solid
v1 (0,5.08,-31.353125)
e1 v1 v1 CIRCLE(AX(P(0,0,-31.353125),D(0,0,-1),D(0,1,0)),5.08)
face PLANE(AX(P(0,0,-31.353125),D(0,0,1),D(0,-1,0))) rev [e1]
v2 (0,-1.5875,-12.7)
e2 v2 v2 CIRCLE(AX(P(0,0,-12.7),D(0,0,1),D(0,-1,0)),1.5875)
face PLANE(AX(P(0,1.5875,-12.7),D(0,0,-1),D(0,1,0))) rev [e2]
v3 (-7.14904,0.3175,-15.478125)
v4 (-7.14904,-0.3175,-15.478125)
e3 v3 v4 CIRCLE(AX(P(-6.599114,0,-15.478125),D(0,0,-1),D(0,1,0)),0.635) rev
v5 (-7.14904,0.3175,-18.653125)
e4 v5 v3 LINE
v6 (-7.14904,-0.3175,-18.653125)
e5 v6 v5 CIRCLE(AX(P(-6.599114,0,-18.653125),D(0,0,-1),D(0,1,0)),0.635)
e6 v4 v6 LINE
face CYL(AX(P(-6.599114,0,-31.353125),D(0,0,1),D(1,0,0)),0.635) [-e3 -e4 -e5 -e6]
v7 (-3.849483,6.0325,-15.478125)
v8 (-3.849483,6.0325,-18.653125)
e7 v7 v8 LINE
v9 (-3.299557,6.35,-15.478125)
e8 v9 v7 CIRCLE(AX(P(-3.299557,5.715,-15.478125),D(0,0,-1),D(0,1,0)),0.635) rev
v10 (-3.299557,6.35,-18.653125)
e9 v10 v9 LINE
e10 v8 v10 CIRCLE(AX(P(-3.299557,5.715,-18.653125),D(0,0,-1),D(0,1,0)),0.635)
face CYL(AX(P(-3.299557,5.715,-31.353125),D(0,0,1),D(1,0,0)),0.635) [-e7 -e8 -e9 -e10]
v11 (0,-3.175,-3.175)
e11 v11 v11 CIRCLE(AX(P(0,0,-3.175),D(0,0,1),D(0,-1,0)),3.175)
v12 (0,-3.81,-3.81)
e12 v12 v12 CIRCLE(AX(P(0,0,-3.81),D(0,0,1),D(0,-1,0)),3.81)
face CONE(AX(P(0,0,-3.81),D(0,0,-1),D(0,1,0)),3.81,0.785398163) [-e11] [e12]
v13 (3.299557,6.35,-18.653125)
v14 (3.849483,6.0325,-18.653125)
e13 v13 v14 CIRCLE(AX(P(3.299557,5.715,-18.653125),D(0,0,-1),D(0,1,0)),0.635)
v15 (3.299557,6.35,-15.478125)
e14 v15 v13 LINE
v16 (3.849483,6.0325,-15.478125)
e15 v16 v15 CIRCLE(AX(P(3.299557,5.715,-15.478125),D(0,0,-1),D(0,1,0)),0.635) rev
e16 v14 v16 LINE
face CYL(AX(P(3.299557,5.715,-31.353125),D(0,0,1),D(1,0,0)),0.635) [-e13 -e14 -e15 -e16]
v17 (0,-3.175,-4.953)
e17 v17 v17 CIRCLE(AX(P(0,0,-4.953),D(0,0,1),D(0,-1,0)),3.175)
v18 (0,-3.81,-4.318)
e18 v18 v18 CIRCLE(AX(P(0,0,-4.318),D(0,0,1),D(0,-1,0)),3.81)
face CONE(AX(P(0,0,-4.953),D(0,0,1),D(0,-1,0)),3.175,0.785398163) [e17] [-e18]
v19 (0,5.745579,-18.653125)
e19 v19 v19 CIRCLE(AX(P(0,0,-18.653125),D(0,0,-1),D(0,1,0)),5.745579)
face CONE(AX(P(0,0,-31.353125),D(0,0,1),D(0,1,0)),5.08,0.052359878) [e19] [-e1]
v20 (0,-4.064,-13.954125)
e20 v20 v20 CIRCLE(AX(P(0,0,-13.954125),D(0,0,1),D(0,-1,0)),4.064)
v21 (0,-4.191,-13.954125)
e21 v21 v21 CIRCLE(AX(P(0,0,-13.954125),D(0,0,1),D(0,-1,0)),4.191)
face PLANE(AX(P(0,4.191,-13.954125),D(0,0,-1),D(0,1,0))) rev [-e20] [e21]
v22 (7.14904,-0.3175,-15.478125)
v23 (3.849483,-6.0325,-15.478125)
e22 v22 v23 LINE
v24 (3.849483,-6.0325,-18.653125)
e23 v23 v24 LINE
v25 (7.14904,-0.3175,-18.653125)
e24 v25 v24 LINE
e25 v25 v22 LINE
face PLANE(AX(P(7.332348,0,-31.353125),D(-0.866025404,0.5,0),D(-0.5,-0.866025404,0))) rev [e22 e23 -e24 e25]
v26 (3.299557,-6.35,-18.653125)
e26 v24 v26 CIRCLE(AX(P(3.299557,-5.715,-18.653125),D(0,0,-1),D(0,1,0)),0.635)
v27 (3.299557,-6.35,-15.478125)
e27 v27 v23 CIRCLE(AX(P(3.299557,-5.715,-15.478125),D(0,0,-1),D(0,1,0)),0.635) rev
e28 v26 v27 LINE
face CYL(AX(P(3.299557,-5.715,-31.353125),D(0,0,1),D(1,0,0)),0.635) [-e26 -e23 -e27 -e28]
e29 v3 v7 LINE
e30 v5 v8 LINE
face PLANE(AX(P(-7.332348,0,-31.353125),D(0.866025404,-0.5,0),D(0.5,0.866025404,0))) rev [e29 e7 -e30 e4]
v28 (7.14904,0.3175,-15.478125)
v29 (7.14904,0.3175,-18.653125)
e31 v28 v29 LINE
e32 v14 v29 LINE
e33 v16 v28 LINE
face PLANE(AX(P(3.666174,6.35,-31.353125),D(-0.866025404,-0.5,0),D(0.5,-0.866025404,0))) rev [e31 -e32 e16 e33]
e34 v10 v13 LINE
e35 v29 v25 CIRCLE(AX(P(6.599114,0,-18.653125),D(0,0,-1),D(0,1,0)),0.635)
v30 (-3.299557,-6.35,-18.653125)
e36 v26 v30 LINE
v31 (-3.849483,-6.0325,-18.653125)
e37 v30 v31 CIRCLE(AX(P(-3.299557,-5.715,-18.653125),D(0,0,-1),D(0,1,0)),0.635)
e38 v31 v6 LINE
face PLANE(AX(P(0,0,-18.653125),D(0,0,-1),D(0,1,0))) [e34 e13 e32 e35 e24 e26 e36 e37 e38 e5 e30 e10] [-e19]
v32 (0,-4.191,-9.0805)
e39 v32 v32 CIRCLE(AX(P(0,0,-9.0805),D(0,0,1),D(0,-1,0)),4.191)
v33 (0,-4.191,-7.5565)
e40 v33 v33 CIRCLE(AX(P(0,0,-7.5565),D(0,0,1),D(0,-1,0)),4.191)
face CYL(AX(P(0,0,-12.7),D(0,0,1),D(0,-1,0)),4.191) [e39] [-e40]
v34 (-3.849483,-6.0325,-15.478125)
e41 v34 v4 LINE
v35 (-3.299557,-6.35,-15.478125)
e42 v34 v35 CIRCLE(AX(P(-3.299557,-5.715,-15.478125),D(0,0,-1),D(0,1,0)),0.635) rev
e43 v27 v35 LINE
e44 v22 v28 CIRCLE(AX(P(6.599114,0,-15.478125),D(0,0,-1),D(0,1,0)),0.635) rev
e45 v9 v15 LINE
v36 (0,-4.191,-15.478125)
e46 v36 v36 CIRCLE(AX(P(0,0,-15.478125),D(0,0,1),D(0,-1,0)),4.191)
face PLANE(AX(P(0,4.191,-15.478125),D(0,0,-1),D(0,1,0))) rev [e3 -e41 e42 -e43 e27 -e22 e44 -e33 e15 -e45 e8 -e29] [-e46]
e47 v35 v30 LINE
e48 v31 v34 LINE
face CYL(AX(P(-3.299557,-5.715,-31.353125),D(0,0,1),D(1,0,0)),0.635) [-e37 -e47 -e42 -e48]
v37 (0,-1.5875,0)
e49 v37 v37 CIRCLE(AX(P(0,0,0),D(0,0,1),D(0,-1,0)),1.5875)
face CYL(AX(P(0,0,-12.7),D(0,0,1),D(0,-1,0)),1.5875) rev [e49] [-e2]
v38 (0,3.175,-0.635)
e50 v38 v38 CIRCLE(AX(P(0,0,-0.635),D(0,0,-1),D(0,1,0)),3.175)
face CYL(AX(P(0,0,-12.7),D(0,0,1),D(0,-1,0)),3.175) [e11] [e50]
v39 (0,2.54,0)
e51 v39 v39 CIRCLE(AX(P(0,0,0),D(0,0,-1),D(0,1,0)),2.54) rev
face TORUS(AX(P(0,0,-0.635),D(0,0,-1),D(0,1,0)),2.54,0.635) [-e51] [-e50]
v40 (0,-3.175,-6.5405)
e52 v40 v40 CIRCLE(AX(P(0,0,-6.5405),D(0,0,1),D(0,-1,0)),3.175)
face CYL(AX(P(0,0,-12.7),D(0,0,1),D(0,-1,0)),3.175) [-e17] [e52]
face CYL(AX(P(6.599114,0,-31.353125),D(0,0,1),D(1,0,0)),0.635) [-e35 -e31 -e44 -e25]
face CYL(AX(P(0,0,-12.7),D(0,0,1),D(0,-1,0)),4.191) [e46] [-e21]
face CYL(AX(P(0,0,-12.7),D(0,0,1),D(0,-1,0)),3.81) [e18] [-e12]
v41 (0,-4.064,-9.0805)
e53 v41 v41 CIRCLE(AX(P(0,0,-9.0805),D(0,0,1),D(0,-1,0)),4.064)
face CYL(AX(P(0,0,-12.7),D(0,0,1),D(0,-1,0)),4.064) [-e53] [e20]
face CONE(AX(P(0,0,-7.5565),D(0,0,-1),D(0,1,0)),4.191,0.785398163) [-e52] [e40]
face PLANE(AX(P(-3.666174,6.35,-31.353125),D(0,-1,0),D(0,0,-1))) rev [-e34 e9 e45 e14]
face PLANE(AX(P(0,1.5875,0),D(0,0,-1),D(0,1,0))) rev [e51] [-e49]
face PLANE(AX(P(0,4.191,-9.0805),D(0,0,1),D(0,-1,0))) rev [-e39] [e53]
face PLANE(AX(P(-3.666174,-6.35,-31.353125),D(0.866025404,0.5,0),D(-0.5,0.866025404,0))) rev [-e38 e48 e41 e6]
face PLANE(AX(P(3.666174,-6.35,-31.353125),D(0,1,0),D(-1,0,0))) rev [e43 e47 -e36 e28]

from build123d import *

# Parameters (mm, degrees)
SKETCH2_R          = 31.732831761
CUT_EXTRUDE1_DEPTH = 26.78316707
SKETCH3_R          = 11.120214541
SKETCH3_R_2        = 5.08
CUT_EXTRUDE2_DEPTH = 12.7
CUT_EXTRUDE2_DRAFT = -3
FILLET1_R          = 0.635


with BuildPart() as part:
    # Sketch1 → Revolve1 (revolve)
    with BuildSketch(Plane(origin=(0, 0, 0), x_dir=(0, 0, -1), z_dir=(1, 0, 0)), mode=Mode.PRIVATE) as revolve1_sk:
        Polygon((3.175, 3.175), (3.81, 3.81), (4.318, 3.81), (4.953, 3.175), (6.5405, 3.175), (7.5565, 4.191), (9.0805, 4.191), (9.0805, 4.064), (13.954125, 4.064), (13.954125, 4.191), (15.478125, 4.191), (15.478125, 14.36586369), (31.353125, 14.36586369), (31.353125, 0), (12.7, 0), (12.7, 1.5875), (0, 1.5875), (0, 3.175), align=None)
    revolve(revolve1_sk.sketch.rotate(Axis((0, 0, -12.7), (0, 0, -1)), 180), axis=Axis((0, 0, -12.7), (0, 0, -1)))

    # Sketch2 → Cut-Extrude1 (cut, through all)
    with BuildSketch(Plane(origin=(0, 0, -15.478125), x_dir=(-1, 0, 0), z_dir=(0, 0, -1))):
        Circle(SKETCH2_R)
        Polygon((7.332348419, 0), (3.666174209, 6.35), (-3.666174209, 6.35), (-7.332348419, 0), (-3.666174209, -6.35), (3.666174209, -6.35), align=None, mode=Mode.SUBTRACT)
    extrude(amount=CUT_EXTRUDE1_DEPTH, mode=Mode.SUBTRACT)


with BuildPart() as cut_extrude2_tool:
    # Sketch3 → Cut-Extrude2 (with draft: the straight prism first)
    with BuildSketch(Plane(origin=(0, 0, -31.353125), x_dir=(-1, 0, 0), z_dir=(0, 0, -1))):
        Circle(SKETCH3_R)
        Circle(SKETCH3_R_2, mode=Mode.SUBTRACT)
    extrude(amount=-CUT_EXTRUDE2_DEPTH)
    # Cut-Extrude2: the draft: its side faces are tilted about the plane it starts from
    cut_extrude2_sides = [cut_extrude2_tool.faces().sort_by_distance(p)[0] for p in [
        (11.120214541, 0, -25.003125),
        (5.08, 0, -25.003125),
    ]]
    draft(cut_extrude2_sides, Plane(origin=(0, 0, -31.353125), x_dir=(-1, 0, 0), z_dir=(0, 0, -1)), CUT_EXTRUDE2_DRAFT)


with BuildPart() as part_1:
    add(part.part)

    # Cut-Extrude2: cut by cut_extrude2_tool
    add(cut_extrude2_tool.part, mode=Mode.SUBTRACT)

    # Fillet1
    fillet1_edges = [part_1.edges().sort_by_distance(p)[0] for p in [
        (0, 3.175, 0),
        (-3.666174209, -6.35, -17.065625),
        (3.666174209, -6.35, -17.065625),
        (7.332348419, 0, -17.065625),
        (3.666174209, 6.35, -17.065625),
        (-3.666174209, 6.35, -17.065625),
        (-7.332348419, 0, -17.065625),
    ]]
    fillet(fillet1_edges, radius=FILLET1_R)


solid = part_1.part
